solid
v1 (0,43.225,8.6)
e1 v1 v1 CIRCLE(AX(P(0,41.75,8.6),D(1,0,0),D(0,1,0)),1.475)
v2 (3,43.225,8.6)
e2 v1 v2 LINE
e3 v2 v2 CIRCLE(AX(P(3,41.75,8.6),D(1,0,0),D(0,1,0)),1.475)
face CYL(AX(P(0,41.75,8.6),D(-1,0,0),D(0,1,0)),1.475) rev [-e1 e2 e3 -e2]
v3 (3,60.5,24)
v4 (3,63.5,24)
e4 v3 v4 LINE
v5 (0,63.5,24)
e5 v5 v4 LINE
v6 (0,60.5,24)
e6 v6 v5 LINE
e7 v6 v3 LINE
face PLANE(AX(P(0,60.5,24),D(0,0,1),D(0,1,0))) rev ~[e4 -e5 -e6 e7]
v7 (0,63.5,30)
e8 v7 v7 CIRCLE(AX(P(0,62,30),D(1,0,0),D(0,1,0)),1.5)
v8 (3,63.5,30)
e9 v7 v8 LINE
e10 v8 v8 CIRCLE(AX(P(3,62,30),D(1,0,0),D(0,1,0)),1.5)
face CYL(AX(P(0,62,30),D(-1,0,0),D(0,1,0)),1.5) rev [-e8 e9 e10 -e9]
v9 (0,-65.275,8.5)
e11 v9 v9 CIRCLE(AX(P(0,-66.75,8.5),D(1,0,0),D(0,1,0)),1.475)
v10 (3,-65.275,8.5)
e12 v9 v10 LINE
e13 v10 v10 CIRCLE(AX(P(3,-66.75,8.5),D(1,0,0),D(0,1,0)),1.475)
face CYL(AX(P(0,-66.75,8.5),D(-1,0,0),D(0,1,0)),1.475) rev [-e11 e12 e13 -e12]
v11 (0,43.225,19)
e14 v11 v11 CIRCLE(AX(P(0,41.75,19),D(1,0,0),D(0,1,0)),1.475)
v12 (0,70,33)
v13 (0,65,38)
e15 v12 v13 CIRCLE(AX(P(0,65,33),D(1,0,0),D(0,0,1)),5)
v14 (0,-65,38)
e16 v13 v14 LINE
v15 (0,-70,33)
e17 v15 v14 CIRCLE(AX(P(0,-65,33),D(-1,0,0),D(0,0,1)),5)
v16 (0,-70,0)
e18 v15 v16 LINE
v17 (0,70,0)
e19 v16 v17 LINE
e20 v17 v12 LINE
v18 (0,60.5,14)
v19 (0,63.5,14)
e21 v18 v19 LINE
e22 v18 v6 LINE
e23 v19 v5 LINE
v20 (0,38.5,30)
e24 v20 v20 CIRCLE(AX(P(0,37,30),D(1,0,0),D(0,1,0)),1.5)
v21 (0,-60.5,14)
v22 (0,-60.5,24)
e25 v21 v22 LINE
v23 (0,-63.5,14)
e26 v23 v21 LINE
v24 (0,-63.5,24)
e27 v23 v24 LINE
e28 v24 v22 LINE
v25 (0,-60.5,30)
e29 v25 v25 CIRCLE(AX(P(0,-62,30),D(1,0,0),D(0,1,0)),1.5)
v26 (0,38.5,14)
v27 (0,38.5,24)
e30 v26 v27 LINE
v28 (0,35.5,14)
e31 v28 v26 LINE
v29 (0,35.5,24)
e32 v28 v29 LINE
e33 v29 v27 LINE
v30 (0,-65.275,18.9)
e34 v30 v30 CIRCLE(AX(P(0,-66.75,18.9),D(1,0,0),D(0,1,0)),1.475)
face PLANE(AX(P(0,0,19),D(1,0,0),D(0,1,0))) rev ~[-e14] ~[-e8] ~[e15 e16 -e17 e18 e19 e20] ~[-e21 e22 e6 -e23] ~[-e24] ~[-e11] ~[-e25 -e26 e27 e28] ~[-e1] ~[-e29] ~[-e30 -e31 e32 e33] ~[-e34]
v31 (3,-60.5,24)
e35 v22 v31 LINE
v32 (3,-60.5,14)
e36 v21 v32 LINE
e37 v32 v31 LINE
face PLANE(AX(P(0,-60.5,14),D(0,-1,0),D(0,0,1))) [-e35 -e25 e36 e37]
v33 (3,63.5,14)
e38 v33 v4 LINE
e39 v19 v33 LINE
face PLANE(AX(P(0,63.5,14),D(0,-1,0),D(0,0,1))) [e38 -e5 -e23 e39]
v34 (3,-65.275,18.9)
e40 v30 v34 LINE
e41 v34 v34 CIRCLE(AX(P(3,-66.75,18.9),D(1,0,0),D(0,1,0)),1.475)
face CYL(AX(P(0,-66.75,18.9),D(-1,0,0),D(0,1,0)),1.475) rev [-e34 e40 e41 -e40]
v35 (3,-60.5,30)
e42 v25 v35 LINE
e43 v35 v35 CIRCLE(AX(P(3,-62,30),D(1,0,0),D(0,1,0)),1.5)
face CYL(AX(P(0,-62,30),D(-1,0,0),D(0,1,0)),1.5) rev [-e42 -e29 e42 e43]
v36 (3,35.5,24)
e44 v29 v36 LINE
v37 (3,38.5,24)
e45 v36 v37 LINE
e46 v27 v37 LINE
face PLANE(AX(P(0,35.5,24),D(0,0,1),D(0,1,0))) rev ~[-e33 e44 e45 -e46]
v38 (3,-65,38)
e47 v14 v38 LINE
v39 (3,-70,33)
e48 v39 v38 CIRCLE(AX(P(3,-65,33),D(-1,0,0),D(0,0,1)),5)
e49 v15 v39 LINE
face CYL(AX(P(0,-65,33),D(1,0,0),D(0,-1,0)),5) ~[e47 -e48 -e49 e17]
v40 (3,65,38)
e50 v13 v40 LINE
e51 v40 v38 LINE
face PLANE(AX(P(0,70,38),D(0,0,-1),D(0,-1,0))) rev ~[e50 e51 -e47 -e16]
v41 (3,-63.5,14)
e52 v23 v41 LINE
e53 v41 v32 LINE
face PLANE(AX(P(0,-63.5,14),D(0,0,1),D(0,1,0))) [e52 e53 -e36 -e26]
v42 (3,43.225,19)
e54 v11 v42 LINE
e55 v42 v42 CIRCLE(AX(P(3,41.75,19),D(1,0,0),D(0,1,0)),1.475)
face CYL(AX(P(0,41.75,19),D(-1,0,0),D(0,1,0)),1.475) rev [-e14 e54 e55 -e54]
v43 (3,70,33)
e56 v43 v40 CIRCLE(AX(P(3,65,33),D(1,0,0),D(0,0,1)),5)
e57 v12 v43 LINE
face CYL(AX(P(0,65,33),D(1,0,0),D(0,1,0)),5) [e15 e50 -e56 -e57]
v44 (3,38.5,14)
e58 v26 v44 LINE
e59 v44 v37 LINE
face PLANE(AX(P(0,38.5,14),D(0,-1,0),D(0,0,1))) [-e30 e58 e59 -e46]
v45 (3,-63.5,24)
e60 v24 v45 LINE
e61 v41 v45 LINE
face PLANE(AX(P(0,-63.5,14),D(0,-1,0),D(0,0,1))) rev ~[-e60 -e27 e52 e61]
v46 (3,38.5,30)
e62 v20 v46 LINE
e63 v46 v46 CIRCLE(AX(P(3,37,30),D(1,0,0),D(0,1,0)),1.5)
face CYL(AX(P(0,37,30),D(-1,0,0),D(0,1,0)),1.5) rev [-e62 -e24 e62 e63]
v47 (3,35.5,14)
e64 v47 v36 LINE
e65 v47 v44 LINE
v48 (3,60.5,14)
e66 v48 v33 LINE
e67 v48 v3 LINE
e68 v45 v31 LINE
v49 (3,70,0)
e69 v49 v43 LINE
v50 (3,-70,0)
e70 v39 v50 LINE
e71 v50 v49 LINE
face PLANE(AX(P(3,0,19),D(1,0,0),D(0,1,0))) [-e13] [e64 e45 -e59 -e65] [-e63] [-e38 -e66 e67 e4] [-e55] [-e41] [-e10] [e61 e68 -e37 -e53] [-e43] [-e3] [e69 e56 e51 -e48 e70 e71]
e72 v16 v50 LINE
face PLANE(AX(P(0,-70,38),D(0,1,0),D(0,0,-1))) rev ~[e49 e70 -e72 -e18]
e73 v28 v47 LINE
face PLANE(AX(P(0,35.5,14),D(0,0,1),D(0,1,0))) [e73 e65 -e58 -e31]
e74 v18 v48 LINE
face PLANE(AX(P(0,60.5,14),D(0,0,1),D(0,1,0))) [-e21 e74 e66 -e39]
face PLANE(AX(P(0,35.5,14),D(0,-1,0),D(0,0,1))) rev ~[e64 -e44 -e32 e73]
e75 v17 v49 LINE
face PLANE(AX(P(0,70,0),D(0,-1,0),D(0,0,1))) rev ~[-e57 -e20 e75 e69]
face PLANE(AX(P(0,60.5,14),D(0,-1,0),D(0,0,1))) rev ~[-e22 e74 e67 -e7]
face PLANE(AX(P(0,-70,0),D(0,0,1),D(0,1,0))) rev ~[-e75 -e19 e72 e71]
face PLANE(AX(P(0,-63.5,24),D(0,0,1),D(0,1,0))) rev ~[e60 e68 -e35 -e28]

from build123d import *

# Parameters (mm, degrees)
F0_R     = 1.475
F0_W     = 3
F0_H     = 10
F0_R_2   = 1.5
F1_DEPTH = 3
F2_R     = 5


with BuildPart() as f1:
    # F0 (on Right) → F1 (new body)
    with BuildSketch(Plane.YZ):
        Polygon((-70, 0), (0, 0), (70, 0), (70, 38), (35.5, 38), (-70, 38), align=None)
        with Locations((-66.75, 8.5)):
            Circle(F0_R, mode=Mode.SUBTRACT)
        with Locations((-66.75, 18.9)):
            Circle(F0_R, mode=Mode.SUBTRACT)
        with Locations((41.75, 8.6)):
            Circle(F0_R, mode=Mode.SUBTRACT)
        with Locations((-62, 19)):
            Rectangle(F0_W, F0_H, mode=Mode.SUBTRACT)
        with Locations((-62, 30)):
            Circle(F0_R_2, mode=Mode.SUBTRACT)
        with Locations((37, 19)):
            Rectangle(F0_W, F0_H, mode=Mode.SUBTRACT)
        with Locations((41.75, 19)):
            Circle(F0_R, mode=Mode.SUBTRACT)
        with Locations((62, 19)):
            Rectangle(F0_W, F0_H, mode=Mode.SUBTRACT)
        with Locations((37, 30)):
            Circle(F0_R_2, mode=Mode.SUBTRACT)
        with Locations((62, 30)):
            Circle(F0_R_2, mode=Mode.SUBTRACT)
    extrude(amount=F1_DEPTH)

    # F2
    f2_edges = [f1.edges().sort_by_distance(p)[0] for p in [
        (1.5, 70, 38),
        (1.5, -70, 38),
    ]]
    fillet(f2_edges, radius=F2_R)


solid = f1.part
